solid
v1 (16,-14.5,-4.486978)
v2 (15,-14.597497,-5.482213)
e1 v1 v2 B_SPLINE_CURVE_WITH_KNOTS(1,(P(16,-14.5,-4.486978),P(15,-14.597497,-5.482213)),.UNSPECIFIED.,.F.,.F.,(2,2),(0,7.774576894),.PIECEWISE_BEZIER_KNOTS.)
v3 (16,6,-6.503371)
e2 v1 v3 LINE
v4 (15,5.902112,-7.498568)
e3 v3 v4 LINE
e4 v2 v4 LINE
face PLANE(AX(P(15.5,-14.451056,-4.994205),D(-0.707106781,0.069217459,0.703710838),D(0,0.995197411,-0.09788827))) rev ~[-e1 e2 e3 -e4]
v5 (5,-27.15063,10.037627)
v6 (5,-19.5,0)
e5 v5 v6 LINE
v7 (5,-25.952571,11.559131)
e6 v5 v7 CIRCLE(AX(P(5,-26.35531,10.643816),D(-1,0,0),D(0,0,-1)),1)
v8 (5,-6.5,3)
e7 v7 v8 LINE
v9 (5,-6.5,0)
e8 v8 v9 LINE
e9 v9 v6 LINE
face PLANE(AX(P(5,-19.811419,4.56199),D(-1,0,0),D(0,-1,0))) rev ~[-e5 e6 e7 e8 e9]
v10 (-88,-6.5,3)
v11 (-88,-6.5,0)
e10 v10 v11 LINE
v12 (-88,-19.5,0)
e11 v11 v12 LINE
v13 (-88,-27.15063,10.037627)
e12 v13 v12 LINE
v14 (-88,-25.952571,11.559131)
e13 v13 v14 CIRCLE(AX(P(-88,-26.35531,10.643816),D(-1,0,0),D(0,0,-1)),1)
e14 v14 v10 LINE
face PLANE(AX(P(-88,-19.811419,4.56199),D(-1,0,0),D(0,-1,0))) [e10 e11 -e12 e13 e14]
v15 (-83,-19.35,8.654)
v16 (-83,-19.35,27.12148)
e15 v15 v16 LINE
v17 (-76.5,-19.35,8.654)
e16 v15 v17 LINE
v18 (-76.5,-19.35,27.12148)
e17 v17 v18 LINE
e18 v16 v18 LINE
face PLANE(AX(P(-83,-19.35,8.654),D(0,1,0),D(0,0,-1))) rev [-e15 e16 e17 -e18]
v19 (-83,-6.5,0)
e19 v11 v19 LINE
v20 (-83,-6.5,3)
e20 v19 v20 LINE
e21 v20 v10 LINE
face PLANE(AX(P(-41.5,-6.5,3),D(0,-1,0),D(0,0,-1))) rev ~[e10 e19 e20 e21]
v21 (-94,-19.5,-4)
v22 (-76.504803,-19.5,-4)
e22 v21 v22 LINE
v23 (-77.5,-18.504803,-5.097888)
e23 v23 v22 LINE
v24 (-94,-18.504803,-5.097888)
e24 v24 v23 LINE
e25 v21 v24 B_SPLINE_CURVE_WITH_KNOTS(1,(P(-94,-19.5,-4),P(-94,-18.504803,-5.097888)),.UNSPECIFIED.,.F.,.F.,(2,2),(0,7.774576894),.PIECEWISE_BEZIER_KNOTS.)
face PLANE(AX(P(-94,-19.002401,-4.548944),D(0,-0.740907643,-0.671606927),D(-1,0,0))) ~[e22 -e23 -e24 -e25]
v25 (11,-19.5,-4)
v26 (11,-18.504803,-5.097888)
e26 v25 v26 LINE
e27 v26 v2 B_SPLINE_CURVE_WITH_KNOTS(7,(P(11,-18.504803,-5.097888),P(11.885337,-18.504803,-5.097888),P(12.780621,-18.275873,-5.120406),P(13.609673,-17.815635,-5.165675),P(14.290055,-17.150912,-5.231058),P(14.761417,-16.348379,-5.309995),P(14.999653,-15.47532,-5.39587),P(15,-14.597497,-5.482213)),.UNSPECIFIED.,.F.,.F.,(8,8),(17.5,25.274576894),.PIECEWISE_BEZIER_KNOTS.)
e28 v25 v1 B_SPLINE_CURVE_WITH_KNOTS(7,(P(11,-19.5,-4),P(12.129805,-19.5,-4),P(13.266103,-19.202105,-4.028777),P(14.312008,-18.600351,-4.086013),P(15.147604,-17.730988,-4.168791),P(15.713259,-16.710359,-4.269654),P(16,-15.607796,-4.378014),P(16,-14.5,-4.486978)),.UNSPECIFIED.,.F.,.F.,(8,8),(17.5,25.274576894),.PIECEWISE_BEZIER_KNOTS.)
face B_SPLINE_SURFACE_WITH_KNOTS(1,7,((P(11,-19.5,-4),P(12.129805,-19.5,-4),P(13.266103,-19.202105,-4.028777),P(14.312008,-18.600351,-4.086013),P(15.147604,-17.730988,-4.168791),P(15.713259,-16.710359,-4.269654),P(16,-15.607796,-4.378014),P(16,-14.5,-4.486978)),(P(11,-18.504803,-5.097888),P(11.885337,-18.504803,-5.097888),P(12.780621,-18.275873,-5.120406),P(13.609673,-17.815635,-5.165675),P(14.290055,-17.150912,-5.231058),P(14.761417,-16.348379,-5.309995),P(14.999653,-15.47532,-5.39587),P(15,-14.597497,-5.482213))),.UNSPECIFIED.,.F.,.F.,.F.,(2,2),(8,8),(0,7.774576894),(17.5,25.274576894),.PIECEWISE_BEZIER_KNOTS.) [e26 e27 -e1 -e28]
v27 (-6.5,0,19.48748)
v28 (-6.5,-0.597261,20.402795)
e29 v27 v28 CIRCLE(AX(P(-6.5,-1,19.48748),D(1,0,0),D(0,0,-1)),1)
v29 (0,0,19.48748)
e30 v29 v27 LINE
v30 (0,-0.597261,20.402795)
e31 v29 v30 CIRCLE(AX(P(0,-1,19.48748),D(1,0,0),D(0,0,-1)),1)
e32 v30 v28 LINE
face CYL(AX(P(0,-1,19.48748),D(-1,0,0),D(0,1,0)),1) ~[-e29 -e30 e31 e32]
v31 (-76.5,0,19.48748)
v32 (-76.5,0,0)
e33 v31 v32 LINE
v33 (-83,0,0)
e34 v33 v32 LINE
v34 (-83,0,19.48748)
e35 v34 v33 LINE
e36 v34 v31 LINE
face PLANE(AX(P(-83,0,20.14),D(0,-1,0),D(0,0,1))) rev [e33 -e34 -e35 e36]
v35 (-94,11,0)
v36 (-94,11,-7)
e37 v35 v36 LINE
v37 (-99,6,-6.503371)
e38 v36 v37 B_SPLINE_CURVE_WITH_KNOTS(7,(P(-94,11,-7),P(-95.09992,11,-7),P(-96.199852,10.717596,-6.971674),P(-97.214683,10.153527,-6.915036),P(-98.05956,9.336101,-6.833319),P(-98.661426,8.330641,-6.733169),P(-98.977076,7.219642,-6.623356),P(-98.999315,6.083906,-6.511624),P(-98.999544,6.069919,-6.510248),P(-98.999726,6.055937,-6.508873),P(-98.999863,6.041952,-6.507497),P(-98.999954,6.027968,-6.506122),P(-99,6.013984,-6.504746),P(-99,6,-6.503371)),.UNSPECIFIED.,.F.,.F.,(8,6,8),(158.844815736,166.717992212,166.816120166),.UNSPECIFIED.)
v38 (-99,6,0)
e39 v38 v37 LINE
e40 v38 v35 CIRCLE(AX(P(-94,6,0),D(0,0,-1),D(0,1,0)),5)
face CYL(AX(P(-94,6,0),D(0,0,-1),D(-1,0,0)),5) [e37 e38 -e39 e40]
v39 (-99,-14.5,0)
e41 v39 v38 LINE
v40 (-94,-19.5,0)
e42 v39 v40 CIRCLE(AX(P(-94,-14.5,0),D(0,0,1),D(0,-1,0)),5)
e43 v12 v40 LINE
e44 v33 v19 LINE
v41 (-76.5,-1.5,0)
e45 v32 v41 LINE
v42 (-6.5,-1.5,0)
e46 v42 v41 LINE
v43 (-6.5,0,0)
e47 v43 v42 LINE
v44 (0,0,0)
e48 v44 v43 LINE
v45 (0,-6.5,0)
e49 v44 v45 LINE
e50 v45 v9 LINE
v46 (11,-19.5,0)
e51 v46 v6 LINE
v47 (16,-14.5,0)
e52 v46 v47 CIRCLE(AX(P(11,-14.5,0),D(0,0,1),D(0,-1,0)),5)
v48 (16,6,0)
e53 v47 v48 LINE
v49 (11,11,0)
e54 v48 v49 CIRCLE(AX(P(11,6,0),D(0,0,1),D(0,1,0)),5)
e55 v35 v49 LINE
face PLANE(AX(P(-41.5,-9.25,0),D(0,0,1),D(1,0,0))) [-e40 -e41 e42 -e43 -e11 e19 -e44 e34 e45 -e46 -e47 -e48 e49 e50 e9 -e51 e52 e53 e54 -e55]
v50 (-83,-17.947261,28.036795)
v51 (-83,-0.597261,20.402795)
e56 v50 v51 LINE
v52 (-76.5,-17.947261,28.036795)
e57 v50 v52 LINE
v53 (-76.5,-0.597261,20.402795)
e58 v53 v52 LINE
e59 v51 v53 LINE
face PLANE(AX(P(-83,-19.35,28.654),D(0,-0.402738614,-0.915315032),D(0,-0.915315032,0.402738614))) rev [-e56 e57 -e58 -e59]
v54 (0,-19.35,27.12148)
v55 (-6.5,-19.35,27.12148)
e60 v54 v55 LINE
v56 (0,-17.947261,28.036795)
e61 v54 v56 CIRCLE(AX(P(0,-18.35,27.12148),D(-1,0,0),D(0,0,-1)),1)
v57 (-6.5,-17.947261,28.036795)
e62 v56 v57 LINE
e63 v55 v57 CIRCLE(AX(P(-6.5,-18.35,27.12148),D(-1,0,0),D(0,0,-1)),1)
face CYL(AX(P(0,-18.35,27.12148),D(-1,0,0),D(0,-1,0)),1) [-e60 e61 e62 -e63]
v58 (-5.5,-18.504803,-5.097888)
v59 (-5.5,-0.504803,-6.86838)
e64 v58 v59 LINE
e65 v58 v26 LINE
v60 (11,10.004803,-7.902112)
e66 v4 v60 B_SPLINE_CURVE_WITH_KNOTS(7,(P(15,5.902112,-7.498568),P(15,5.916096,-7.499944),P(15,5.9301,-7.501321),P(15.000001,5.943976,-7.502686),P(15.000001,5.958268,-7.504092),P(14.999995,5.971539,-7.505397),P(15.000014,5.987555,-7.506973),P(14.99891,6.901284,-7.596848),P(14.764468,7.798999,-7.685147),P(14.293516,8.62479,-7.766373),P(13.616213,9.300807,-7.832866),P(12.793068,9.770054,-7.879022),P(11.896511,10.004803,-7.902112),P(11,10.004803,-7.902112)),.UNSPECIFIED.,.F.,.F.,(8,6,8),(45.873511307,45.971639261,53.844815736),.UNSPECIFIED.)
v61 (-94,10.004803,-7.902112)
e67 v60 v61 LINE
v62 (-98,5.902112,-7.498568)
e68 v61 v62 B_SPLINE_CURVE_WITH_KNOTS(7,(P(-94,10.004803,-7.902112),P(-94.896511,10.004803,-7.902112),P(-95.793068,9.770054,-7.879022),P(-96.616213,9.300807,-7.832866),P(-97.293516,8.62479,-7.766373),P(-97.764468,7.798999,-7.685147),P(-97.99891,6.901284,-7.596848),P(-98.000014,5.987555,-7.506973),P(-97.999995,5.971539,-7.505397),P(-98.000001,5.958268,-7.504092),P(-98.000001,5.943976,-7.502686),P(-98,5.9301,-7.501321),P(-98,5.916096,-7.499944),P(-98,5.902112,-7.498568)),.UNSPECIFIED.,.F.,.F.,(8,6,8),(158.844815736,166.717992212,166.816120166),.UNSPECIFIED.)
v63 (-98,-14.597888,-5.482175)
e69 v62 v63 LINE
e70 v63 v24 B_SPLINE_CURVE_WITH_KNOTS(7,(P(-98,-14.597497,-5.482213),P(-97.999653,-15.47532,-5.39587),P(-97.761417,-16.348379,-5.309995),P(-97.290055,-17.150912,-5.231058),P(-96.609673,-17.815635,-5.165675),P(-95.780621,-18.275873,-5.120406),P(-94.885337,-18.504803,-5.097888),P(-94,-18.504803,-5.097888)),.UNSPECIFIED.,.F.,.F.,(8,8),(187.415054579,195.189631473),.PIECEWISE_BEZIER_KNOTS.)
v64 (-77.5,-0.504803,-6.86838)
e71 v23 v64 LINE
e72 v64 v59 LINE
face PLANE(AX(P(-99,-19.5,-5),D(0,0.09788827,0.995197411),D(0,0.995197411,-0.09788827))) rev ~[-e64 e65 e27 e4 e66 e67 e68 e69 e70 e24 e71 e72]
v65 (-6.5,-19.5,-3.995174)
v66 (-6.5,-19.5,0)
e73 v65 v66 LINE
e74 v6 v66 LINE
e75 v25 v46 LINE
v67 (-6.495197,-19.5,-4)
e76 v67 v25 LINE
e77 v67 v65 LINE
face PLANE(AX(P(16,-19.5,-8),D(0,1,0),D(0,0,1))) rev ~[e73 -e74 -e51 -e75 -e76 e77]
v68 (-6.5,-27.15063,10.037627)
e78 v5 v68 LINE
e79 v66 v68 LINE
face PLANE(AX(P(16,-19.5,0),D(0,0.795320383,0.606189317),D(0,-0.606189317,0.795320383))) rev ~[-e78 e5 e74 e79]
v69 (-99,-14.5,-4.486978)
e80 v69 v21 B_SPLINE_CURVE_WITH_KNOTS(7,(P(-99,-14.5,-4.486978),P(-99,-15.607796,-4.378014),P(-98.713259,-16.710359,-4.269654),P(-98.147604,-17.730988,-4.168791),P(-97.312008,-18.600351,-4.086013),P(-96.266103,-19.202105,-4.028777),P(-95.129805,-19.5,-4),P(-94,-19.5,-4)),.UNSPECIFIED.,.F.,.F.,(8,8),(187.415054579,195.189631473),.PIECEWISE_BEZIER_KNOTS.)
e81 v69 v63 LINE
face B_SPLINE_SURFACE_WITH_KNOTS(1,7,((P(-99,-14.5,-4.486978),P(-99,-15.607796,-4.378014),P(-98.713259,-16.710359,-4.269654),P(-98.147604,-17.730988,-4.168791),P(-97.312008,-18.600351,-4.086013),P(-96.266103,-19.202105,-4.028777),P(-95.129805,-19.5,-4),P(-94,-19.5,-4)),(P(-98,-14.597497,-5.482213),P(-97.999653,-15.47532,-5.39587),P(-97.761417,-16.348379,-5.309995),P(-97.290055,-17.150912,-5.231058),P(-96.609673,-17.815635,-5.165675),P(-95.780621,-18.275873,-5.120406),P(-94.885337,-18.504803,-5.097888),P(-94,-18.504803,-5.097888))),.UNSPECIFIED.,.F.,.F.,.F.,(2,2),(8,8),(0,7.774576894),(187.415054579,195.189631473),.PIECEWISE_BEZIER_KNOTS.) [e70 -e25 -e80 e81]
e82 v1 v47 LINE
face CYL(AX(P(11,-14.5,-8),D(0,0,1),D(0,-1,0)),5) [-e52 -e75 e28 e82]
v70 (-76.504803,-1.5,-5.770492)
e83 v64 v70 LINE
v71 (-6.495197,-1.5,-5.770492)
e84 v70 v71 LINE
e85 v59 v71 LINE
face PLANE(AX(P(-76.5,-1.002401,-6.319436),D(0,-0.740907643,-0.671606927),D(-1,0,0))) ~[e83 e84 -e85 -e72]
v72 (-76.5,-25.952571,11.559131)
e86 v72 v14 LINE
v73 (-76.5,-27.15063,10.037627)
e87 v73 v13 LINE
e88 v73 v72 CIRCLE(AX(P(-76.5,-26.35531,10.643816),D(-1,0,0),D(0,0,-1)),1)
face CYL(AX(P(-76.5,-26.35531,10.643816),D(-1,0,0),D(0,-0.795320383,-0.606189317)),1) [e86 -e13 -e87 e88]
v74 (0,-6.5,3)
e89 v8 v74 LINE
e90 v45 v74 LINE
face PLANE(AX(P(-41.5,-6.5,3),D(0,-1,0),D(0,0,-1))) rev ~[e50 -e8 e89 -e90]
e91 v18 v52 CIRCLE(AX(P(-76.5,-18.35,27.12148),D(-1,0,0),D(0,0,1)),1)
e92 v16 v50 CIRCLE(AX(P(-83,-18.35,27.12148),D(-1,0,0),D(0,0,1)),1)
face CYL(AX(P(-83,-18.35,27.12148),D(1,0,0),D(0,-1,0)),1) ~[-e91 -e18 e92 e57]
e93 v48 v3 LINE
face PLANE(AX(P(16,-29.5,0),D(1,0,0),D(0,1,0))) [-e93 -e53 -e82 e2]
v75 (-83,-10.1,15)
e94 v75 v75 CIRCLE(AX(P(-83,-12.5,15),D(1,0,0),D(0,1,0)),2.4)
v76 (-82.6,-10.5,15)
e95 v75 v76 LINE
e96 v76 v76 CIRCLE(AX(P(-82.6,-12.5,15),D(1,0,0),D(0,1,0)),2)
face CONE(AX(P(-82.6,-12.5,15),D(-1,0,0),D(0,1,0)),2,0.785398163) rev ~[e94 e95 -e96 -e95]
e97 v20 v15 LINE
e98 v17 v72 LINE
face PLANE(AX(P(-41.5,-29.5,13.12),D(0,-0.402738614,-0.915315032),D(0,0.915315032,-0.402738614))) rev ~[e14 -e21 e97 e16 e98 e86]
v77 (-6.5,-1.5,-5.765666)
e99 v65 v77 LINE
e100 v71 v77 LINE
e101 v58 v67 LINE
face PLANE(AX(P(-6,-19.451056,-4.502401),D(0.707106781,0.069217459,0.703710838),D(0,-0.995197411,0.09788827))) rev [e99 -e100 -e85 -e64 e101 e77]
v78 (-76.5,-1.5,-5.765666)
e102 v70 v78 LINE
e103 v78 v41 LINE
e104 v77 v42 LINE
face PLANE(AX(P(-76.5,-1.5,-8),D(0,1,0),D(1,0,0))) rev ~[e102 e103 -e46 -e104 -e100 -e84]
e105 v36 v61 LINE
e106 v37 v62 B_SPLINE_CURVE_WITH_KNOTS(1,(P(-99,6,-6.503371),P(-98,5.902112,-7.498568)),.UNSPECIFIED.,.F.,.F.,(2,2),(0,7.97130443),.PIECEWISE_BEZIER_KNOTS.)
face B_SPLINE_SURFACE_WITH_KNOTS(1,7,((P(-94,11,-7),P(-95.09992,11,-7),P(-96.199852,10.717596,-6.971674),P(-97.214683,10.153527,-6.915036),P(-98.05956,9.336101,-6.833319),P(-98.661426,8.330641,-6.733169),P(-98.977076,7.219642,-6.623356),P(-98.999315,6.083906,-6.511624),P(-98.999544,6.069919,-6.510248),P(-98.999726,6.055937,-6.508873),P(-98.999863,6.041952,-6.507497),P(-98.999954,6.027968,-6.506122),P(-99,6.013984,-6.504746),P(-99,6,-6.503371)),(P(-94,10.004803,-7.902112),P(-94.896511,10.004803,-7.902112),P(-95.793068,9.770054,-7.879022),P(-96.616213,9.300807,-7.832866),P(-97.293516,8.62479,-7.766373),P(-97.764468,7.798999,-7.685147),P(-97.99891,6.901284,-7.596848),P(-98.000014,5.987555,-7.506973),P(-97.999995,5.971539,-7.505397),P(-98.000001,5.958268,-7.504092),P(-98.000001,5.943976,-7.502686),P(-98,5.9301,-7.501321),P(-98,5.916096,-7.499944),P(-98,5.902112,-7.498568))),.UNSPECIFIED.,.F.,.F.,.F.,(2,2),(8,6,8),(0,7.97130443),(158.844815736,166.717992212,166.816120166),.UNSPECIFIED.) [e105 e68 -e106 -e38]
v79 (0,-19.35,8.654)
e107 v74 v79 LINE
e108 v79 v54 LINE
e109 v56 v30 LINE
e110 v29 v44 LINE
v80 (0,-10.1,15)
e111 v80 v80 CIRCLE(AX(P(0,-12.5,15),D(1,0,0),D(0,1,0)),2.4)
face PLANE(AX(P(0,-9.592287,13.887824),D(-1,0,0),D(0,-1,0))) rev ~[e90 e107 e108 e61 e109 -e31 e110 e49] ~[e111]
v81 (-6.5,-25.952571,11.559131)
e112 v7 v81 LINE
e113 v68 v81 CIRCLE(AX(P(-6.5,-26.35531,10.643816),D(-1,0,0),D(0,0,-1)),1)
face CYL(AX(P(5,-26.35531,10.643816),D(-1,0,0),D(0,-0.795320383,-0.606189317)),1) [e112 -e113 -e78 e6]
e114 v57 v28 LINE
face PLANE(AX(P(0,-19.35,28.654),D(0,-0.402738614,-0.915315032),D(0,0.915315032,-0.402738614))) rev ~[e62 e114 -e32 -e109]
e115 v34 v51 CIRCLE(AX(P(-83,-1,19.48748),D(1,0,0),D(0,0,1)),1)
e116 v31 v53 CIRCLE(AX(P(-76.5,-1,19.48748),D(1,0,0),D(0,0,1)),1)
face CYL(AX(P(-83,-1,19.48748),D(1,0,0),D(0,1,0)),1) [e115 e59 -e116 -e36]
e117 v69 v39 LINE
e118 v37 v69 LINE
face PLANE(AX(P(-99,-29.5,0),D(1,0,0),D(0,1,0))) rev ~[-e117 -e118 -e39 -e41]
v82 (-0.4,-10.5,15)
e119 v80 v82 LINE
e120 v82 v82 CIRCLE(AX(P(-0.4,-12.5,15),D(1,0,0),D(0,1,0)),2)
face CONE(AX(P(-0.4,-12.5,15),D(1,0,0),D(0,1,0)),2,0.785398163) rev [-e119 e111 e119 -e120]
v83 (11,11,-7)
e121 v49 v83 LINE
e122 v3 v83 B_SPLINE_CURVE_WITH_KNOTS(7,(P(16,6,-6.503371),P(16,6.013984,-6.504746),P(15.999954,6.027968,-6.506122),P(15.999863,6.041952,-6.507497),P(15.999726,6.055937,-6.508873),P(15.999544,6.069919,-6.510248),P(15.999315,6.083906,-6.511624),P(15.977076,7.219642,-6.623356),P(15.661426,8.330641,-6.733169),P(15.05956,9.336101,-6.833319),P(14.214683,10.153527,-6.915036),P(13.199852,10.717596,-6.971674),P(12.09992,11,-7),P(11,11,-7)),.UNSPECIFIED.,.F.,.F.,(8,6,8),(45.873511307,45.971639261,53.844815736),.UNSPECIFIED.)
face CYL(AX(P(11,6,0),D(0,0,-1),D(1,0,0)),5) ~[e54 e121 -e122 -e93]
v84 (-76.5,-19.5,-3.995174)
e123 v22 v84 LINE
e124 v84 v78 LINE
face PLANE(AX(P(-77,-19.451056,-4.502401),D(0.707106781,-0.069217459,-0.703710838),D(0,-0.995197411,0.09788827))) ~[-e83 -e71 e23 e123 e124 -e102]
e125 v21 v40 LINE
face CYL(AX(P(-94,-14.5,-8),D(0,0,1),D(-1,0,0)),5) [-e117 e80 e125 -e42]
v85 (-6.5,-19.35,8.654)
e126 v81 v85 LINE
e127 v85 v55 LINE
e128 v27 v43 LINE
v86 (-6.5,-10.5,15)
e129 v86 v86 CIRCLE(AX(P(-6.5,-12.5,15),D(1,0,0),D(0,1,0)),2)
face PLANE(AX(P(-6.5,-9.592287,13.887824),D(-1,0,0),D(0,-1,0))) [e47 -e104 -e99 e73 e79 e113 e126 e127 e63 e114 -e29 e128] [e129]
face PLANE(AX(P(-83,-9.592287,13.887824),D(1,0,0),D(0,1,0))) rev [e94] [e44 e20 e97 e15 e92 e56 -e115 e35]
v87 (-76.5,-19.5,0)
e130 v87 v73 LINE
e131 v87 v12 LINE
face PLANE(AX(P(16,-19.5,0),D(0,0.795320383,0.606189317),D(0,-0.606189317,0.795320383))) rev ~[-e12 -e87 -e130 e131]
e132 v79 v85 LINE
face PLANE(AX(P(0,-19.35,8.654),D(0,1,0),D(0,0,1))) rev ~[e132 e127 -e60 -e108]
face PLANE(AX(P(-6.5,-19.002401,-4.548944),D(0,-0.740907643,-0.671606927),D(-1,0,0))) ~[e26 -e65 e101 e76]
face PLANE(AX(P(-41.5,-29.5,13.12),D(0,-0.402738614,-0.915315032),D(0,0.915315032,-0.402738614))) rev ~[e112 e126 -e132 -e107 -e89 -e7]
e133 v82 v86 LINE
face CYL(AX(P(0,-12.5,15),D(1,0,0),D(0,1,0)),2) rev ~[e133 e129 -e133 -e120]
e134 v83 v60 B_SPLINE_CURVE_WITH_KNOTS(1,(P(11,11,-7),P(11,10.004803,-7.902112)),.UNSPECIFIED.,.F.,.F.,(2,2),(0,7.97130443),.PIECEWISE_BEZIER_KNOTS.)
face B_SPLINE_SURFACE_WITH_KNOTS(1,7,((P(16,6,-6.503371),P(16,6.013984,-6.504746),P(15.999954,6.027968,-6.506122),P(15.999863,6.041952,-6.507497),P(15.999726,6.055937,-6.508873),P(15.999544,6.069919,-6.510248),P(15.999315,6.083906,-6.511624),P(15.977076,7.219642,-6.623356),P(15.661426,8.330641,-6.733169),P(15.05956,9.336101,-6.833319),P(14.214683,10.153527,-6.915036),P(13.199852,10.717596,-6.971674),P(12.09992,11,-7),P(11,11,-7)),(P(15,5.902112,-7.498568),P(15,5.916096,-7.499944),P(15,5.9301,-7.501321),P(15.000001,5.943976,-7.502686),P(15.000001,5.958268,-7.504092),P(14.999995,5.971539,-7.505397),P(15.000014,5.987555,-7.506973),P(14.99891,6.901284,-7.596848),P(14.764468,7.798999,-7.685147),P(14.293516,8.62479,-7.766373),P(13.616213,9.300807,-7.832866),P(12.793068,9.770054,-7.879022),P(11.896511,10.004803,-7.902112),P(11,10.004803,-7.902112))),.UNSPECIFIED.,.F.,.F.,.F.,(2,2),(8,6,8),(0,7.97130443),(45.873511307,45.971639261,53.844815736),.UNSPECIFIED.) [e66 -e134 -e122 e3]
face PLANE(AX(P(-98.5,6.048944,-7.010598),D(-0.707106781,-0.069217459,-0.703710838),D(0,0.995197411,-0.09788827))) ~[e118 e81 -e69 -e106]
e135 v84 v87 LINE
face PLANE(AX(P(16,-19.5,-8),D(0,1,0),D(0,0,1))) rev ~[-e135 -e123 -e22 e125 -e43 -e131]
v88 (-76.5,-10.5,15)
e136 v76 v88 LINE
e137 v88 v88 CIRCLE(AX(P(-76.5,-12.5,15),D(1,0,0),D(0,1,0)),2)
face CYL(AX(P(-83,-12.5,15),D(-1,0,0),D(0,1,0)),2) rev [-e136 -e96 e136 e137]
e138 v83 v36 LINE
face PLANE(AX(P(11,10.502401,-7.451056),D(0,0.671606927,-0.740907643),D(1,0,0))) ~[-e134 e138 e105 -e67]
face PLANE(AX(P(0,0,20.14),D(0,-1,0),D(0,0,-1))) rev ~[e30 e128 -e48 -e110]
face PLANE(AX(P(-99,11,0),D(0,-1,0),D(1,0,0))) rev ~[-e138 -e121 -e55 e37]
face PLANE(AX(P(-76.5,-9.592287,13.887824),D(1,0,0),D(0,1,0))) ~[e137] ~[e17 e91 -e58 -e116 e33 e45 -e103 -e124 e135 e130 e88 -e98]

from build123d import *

# Parameters (mm, degrees)
SKETCH018_W     = 115
SKETCH018_H     = 40.5
PAD004_DEPTH    = 8
PAD005_DEPTH    = 46.5
SKETCH020_R     = 2
PAD006_DEPTH    = 6.5
SKETCH021_W     = 70
SKETCH021_H     = 18
POCKET014_DEPTH = 36.655
POCKET020_DEPTH = 115.001
SKETCH030_W     = 70
SKETCH030_H     = 13.12
POCKET021_DEPTH = 10.001
FILLET003_R     = 5
FILLET004_R     = 1
POCKET024_DEPTH = 115.001
CHAMFER008_SIZE = 1
CHAMFER009_SIZE = 0.4


with BuildPart() as part:
    # Sketch018 → Pad004 (new body)
    with BuildSketch(Plane.XY):
        with Locations((0, -9.25)):
            Rectangle(SKETCH018_W, SKETCH018_H)
    extrude(amount=-PAD004_DEPTH)

    # Sketch019 (on DatumPlane) → Pad005 (join, symmetric)
    with BuildSketch(Plane.YZ):
        Polygon((-29.5, 0), (-29.5, 13.12), (-6.5, 3), (-6.5, 0), align=None)
    extrude(amount=PAD005_DEPTH, both=True)

    # Sketch020 (on DatumPlane) → Pad006 (join)
    with BuildSketch(Plane.YZ.offset(41.5)):
        Polygon((-19.35, 8.654), (-19.35, 28.654), (0, 20.14), (0, 0), (-6.5, 0), (-6.5, 3), align=None)
        with Locations((-12.5, 15)):
            Circle(SKETCH020_R, mode=Mode.SUBTRACT)
    pad006 = extrude(amount=-PAD006_DEPTH)

    # Mirrored: Pad006 across YZ
    add(pad006.mirror(Plane.YZ))

    # Sketch021 (on Face5 of Mirrored) → Pocket014 (cut, through all)
    with BuildSketch(Plane(origin=(0, 0, -8), x_dir=(1, 0, 0), z_dir=(0, 0, -1))):
        with Locations((0, 10.5)):
            Rectangle(SKETCH021_W, SKETCH021_H)
    extrude(amount=-POCKET014_DEPTH, mode=Mode.SUBTRACT)

    # Sketch029 (on Face3 of Pocket014) → Pocket020 (cut, through all)
    with BuildSketch(Plane.YZ.offset(57.5)):
        Polygon((-29.5, 13.12), (-29.5, -8), (-19.5, -8), (-19.5, 0), align=None)
    extrude(amount=-POCKET020_DEPTH, mode=Mode.SUBTRACT)

    # Sketch030 (on Face31 of Pocket020) → Pocket021 (cut, through all)
    with BuildSketch(Plane(origin=(0, -19.5, 0), x_dir=(-1, 0, 0), z_dir=(0, 1, 0))):
        with Locations((0, 6.56)):
            Rectangle(SKETCH030_W, SKETCH030_H)
    extrude(amount=-POCKET021_DEPTH, mode=Mode.SUBTRACT)

    # Fillet003
    fillet003_edges = [part.edges().sort_by_distance(p)[0] for p in [
        (-57.5, -19.5, -4),
        (-57.5, 11, -4),
        (57.5, -19.5, -4),
        (57.5, 11, -4),
    ]]
    fillet(fillet003_edges, radius=FILLET003_R)

    # Fillet004
    fillet004_edges = [part.edges().sort_by_distance(p)[0] for p in [
        (-40.75, -29.5, 13.12),
        (-38.25, -19.35, 28.654),
        (40.75, -29.5, 13.12),
        (38.25, -19.35, 28.654),
        (38.25, 0, 20.14),
        (-38.25, 0, 20.14),
    ]]
    fillet(fillet004_edges, radius=FILLET004_R)

    # Sketch035 (on Face16 of Fillet004) → Pocket024 (cut, through all)
    with BuildSketch(Plane(origin=(-57.5, 0, 0), x_dir=(0, -1, 0), z_dir=(-1, 0, 0))):
        Polygon((19.5, -5), (-11, -8), (19.5, -8), align=None)
    extrude(amount=-POCKET024_DEPTH, mode=Mode.SUBTRACT)

    # Chamfer008
    chamfer008_edges = [part.edges().sort_by_distance(p)[0] for p in [
        (-56.039786, -18.031276, -5.144465),
        (-57.5, -4.25, -6.5),
        (-56.039786, 9.531276, -7.855535),
        (0, 11, -8),
        (56.039786, 9.531276, -7.855535),
        (57.5, -4.25, -6.5),
        (56.039786, -18.031276, -5.144465),
        (43.75, -19.5, -5),
        (35, -10.5, -5.885246),
        (0, -1.5, -6.770492),
        (-35, -10.5, -5.885246),
        (-43.75, -19.5, -5),
    ]]
    chamfer(chamfer008_edges, length=CHAMFER008_SIZE)

    # Chamfer009
    chamfer009_edges = [part.edges().sort_by_distance(p)[0] for p in [
        (41.5, -14.5, 15),
        (-41.5, -14.5, 15),
    ]]
    chamfer(chamfer009_edges, length=CHAMFER009_SIZE)


with BuildPart() as part_1:
    # Body003 placement: moved
    add(part.part.moved(Location((-41.5, 0, 0))))


solid = part_1.part
